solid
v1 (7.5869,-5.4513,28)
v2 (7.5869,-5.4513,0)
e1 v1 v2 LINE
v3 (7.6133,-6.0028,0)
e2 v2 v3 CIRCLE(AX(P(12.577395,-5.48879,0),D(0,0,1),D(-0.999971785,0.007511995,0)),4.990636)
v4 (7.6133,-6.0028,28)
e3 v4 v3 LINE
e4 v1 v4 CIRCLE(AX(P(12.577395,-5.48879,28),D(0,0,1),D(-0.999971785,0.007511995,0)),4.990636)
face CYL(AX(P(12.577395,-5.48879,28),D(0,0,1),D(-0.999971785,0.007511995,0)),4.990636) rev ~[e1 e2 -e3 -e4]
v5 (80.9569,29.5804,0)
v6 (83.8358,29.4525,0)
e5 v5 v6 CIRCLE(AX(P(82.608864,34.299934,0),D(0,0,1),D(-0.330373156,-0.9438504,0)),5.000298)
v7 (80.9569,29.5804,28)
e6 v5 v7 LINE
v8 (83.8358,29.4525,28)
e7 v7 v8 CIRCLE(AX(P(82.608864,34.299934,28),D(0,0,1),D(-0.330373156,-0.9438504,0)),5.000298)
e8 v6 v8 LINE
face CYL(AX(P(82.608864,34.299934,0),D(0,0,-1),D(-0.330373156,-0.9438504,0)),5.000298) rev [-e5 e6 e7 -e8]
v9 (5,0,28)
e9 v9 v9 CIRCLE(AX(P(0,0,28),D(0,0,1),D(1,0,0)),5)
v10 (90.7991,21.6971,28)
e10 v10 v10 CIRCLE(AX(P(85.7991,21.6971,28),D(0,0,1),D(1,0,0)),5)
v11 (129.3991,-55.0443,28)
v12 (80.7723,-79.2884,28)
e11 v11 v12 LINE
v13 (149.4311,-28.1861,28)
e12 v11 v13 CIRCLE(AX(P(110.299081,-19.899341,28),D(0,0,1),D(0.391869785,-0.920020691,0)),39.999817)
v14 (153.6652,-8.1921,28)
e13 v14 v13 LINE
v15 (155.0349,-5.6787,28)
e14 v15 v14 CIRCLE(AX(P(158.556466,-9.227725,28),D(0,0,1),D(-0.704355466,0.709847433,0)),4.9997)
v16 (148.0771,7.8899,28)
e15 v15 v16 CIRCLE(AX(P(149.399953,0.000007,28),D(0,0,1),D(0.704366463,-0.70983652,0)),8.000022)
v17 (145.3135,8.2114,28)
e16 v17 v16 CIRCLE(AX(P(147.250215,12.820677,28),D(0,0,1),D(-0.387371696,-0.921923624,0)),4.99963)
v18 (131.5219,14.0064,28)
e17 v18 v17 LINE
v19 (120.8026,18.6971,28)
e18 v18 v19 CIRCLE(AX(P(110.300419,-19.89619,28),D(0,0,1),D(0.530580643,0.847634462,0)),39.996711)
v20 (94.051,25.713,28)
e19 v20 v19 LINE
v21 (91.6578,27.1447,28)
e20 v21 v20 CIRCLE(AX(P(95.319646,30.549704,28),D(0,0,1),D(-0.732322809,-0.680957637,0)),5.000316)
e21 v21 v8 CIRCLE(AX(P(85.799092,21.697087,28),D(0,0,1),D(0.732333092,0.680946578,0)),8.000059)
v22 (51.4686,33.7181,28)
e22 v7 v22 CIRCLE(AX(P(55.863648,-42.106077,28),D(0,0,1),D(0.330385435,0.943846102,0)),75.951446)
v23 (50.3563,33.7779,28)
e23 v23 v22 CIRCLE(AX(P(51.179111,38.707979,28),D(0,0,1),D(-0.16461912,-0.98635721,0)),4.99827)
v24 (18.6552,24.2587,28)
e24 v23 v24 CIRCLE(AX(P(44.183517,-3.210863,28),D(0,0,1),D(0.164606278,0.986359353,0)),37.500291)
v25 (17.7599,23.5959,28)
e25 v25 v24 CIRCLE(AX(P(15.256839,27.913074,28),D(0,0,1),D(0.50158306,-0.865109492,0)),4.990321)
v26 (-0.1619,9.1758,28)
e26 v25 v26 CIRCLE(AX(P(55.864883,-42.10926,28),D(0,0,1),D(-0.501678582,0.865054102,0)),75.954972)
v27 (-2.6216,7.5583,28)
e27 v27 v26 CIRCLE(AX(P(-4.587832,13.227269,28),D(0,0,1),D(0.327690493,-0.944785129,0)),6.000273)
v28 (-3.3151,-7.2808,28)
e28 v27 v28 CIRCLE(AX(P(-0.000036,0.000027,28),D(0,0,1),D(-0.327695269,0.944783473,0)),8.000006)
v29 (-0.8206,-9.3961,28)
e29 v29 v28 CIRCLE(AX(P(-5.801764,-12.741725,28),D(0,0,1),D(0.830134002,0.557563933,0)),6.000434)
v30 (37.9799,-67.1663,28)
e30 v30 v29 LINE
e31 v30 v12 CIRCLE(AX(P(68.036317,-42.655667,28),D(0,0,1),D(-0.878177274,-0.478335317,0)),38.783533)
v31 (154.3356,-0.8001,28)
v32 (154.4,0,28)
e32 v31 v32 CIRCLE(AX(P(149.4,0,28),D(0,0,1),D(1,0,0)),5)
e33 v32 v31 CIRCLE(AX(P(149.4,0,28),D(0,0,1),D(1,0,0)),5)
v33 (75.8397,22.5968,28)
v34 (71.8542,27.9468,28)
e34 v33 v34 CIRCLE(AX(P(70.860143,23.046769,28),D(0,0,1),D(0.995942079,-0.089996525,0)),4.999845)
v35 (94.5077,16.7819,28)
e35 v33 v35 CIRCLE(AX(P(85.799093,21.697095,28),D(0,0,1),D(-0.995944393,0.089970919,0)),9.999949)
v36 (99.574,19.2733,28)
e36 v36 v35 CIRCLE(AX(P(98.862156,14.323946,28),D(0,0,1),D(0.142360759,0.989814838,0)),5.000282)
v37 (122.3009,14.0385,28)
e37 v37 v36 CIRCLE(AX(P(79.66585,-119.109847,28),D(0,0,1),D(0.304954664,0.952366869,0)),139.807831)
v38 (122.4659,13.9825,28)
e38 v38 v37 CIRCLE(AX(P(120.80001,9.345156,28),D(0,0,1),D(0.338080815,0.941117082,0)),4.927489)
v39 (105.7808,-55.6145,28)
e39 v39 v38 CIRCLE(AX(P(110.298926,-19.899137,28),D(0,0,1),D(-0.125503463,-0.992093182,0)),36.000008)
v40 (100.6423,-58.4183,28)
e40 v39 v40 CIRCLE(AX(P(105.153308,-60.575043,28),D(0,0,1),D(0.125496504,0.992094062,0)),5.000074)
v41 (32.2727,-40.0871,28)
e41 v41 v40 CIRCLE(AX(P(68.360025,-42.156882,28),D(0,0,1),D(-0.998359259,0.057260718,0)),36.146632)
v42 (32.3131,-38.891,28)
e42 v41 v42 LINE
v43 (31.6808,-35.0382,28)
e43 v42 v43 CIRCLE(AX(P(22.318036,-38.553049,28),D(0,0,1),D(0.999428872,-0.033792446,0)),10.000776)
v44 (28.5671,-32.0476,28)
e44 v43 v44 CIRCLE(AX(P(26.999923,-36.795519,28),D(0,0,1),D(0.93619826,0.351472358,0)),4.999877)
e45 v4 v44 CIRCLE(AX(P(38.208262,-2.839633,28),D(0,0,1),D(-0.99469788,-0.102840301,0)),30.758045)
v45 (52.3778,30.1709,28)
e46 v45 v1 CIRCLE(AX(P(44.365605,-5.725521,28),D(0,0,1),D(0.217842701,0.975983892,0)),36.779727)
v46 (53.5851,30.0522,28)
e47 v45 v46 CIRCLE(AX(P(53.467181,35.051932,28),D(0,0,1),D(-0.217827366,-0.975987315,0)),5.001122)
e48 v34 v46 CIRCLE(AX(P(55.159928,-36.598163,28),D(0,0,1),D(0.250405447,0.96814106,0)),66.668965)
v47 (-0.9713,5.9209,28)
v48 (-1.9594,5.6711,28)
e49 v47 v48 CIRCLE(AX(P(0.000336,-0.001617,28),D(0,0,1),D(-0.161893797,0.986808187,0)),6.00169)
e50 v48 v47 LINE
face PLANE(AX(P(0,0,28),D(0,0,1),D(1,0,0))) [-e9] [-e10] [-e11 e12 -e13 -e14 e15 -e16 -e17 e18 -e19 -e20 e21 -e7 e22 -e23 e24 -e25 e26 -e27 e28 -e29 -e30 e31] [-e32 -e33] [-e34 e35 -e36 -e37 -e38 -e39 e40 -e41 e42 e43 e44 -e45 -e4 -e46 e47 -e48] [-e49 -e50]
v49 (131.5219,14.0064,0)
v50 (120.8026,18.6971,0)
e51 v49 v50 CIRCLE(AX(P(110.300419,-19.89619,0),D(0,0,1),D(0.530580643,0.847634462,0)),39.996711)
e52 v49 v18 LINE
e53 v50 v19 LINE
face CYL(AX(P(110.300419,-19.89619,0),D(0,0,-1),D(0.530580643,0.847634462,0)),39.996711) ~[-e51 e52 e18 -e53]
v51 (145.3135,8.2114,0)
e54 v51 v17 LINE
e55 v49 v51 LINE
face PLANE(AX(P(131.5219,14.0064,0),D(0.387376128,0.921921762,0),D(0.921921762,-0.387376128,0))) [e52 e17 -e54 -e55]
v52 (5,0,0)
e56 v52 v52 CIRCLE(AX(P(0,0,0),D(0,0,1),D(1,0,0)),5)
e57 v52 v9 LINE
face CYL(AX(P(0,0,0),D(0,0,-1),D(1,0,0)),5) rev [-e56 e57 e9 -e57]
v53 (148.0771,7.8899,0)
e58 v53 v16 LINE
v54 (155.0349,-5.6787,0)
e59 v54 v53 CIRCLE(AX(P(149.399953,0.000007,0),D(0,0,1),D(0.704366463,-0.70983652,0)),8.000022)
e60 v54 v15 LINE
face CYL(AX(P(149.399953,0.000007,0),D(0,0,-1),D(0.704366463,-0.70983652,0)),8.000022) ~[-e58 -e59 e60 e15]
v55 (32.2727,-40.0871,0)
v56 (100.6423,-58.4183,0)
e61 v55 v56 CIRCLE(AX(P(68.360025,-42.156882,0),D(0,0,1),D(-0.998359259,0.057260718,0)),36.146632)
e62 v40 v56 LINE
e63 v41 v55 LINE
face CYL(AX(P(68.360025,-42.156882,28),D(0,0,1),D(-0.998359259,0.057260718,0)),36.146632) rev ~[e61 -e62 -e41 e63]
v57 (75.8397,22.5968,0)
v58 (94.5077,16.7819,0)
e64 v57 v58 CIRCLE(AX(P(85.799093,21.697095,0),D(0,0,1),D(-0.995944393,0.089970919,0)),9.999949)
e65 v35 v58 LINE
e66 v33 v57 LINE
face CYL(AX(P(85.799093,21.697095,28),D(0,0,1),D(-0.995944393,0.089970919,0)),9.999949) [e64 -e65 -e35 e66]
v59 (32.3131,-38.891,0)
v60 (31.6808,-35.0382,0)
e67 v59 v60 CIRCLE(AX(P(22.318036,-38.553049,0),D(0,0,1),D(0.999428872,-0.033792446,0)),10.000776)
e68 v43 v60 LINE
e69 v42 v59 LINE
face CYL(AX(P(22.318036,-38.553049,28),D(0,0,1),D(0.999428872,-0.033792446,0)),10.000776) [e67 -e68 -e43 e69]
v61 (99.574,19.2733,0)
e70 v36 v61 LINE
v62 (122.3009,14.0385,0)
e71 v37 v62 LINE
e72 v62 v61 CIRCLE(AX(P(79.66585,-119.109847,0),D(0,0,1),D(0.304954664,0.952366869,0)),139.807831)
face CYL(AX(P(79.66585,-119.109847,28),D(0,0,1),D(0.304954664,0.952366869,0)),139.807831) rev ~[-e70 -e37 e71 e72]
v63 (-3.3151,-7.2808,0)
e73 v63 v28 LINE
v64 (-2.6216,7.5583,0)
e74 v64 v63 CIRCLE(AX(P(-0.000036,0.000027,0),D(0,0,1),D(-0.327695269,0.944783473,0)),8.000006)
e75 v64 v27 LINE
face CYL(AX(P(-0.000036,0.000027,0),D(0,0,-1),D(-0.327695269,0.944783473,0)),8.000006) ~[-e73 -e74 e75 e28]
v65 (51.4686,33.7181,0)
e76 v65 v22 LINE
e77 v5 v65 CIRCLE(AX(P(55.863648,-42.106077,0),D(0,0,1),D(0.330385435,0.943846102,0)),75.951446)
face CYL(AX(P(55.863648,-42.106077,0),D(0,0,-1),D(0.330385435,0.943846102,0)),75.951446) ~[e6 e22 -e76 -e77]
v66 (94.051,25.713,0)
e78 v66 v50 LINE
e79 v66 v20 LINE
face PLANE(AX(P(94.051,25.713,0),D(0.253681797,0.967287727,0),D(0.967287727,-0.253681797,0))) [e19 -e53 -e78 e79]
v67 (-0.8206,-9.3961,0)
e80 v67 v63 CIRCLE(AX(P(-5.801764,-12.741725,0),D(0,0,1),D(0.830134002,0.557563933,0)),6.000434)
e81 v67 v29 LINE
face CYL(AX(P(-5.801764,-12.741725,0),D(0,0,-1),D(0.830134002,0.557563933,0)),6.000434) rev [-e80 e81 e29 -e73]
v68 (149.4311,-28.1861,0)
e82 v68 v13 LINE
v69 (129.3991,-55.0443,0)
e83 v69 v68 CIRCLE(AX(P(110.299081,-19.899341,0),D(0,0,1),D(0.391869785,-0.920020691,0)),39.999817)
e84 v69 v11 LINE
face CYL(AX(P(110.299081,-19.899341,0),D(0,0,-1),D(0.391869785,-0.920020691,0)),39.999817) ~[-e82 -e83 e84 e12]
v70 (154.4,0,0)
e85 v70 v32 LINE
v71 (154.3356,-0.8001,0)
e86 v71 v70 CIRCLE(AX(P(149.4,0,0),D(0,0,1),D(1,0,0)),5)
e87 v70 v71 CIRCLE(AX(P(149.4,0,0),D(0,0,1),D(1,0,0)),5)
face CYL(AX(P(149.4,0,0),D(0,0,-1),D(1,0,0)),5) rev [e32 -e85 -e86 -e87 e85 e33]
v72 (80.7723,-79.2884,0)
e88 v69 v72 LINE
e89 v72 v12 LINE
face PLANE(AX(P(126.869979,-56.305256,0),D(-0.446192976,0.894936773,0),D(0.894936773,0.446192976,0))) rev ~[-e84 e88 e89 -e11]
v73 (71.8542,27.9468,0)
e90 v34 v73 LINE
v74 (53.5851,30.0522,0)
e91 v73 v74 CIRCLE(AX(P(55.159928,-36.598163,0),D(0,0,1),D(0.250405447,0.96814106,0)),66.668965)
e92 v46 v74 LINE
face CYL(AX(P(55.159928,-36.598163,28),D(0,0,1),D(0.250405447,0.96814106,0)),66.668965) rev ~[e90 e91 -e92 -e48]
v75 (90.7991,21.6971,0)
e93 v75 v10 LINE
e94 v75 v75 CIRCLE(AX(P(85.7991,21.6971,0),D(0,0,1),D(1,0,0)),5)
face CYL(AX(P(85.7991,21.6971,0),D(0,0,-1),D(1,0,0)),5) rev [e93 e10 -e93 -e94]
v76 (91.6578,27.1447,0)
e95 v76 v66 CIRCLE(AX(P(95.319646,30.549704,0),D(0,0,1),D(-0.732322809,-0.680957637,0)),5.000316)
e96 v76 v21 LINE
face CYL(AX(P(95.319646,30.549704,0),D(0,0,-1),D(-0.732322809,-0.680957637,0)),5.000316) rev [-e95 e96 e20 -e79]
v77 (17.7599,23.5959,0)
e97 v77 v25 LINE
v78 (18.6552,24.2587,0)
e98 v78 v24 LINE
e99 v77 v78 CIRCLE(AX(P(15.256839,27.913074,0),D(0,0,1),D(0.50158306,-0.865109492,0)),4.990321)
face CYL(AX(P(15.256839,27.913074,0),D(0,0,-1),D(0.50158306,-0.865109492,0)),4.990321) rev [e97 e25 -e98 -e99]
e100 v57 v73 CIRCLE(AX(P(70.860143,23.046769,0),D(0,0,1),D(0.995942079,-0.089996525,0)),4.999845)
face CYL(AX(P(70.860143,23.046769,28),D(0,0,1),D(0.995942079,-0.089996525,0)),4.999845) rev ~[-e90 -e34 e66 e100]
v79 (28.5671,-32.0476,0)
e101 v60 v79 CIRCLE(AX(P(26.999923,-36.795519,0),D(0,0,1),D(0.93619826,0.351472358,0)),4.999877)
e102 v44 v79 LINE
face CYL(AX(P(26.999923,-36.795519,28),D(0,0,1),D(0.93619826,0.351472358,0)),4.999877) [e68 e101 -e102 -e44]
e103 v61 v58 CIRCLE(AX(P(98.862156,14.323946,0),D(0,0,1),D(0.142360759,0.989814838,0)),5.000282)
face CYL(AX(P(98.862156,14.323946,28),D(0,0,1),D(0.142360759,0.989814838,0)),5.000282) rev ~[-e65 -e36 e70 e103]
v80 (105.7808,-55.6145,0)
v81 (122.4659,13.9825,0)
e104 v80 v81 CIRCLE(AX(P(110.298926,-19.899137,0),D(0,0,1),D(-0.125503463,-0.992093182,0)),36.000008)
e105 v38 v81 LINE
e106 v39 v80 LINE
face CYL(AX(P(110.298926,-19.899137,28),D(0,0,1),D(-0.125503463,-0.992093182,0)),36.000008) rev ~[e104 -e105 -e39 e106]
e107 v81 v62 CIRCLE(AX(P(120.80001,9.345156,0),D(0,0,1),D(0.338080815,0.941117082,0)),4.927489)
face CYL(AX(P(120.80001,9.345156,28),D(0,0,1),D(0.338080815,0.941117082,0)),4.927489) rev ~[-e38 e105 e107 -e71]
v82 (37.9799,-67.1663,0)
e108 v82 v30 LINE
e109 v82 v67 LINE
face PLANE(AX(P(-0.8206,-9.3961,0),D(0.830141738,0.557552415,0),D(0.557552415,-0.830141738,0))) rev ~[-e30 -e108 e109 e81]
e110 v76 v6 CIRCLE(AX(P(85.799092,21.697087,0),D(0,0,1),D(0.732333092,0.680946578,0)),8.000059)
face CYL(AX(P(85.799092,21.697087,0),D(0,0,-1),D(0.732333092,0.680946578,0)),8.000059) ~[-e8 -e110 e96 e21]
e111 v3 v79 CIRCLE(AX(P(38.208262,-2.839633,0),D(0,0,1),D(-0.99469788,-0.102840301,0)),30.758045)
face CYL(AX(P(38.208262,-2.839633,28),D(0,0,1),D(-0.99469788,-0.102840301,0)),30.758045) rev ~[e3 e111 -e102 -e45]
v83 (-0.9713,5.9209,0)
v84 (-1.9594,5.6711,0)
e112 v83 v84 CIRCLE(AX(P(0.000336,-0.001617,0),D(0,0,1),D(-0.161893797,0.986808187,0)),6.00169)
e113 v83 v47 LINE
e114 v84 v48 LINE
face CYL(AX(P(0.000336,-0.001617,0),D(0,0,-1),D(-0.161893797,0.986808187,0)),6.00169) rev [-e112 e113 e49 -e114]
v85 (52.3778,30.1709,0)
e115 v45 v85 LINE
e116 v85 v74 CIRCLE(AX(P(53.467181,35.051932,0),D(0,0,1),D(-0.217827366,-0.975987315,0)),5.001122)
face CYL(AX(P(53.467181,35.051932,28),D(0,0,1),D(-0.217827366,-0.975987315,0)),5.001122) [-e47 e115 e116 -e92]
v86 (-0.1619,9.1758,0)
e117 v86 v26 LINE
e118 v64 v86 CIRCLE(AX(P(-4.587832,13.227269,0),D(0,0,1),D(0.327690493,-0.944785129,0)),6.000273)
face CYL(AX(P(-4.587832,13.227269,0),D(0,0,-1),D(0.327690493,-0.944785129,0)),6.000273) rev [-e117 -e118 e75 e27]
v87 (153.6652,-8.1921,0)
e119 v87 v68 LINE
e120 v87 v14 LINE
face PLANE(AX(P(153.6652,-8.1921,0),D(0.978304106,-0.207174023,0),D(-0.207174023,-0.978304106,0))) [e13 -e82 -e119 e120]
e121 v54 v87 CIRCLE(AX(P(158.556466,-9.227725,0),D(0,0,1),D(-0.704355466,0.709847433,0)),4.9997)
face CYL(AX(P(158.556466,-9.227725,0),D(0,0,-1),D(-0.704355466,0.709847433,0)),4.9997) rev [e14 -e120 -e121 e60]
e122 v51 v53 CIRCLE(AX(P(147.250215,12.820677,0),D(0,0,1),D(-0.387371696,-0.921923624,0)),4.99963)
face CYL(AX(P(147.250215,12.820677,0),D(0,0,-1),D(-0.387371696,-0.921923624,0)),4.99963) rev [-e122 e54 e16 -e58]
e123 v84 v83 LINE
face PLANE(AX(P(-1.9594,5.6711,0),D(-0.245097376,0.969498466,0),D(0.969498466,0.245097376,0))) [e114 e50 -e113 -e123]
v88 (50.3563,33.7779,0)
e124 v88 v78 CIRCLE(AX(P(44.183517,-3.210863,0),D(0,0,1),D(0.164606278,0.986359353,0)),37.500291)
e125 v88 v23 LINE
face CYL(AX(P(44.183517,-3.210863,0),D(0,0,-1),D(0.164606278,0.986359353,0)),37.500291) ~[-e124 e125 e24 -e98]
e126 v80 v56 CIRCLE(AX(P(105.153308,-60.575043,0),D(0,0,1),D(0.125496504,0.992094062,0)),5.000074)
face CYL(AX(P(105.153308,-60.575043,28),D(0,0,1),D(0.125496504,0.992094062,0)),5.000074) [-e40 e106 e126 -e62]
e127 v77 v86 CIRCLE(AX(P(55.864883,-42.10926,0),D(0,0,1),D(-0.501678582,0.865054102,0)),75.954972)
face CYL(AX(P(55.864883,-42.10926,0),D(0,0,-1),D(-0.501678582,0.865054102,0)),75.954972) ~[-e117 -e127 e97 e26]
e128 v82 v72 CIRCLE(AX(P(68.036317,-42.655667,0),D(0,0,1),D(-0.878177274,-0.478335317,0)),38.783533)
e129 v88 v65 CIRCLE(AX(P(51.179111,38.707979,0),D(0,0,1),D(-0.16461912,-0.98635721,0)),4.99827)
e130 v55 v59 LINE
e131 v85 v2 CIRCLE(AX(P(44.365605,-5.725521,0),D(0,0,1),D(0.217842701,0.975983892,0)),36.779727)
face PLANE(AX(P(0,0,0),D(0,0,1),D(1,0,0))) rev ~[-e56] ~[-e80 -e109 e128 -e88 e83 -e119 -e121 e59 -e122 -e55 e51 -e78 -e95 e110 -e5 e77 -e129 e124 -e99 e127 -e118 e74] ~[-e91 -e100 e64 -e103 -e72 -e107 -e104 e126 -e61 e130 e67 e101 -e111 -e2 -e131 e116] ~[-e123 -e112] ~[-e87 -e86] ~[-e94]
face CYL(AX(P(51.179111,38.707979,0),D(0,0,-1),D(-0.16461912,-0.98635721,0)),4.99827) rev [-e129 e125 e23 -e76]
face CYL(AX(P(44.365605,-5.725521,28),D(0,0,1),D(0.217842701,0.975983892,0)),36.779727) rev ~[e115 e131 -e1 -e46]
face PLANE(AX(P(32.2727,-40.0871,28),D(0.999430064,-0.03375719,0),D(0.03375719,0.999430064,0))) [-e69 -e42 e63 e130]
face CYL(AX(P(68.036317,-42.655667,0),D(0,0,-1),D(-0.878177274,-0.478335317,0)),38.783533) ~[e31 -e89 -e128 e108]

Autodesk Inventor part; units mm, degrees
ref_plane "YZ Plane" through (0, 0, 0) normal (1, 0, 0) x (0, 1, 0)
ref_plane "XZ Plane" through (0, 0, 0) normal (0, 1, 0) x (-1, 0, 0)
ref_plane "XY Plane" through (0, 0, 0) normal (0, 0, 1) x (1, 0, 0)
sketch "Sketch1" plane through (0, 0, 0) normal (0, 0, 1) x (1, 0, 0)
  circle A0 centre (0, 0) radius 5
  circle A1 centre (149.4, 0) radius 5
  circle A2 centre (85.7991, 21.6971) radius 5
  circle A3 centre (110.2989, -19.8991) radius 12.5
  arc A4 (154.885, -2.4321) -> (154.9491, -2.282) centre (149.4, 0) ccw
  line L0 (-1.9594, 5.6711) -> (-0.9713, 5.9209)
  line L1 (94.051, 25.713) -> (120.8026, 18.6971)
  arc A5 (131.5219, 14.0064) -> (120.0887, 18.8843) centre (110.2989, -19.8991) ccw
  line L2 (0, 0) -> (4.8474, 1.2258)
  line L3 (80.8741, 20.8344) -> (85.7991, 21.6971)
  arc A6 (125.9738, -56.7) -> (149.4311, -28.1861) centre (110.2989, -19.8991) ccw
  line L4 (80.7723, -79.2884) -> (129.3991, -55.0443)
  line L5 (-0.8206, -9.3961) -> (37.9799, -67.1663)
  arc A7 (90.3858, 23.6876) -> (86.8225, 21.8764) centre (110.2989, -19.8991) ccw
  arc A8 (33.9775, -61.2072) -> (80.7723, -79.2884) centre (68.0362, -42.6558) ccw
  line L6 (131.5219, 14.0064) -> (145.3135, 8.2114)
  line L7 (150.7621, 5.922) -> (151.3594, 5.6711)
  line L8 (154.928, -2.2287) -> (154.885, -2.4321)
  line L9 (153.6652, -8.1921) -> (149.4311, -28.1861)
  arc A9 (154.9491, -2.282) -> (154.3356, -0.8001) centre (110.2989, -19.8991) ccw
  arc A10 (151.6581, 4.4611) -> (150.7621, 5.922) centre (110.2989, -19.8991) ccw
  arc A11 (-0.9713, 5.9209) -> (-1.9594, 5.6711) centre (0, 0) ccw
  arc A12 (-4.6746, 3.7614) -> (-4.9033, 3.458) centre (55.8634, -42.1071) ccw
  arc A13 (-4.6746, 3.7614) -> (-4.9033, 3.458) centre (0, 0) ccw
  arc A14 (50.3563, 33.7779) -> (18.6552, 24.2587) centre (44.1835, -3.2106) ccw
  arc A15 (80.9569, 29.5804) -> (51.4686, 33.7181) centre (55.8634, -42.1071) ccw
  arc A16 (17.7599, 23.5959) -> (-0.1619, 9.1758) centre (55.8634, -42.1071) ccw
  arc A17 (17.7599, 23.5959) -> (18.6552, 24.2587) centre (15.2515, 27.9212) ccw
  arc A18 (50.3563, 33.7779) -> (51.4686, 33.7181) centre (51.1793, 38.7097) ccw
  arc A19 (91.6578, 27.1447) -> (83.8358, 29.4525) centre (85.7991, 21.6971) ccw
  arc A20 (155.0349, -5.6787) -> (148.0771, 7.8899) centre (149.4, 0) ccw
  arc A21 (155.0349, -5.6787) -> (153.6652, -8.1921) centre (158.5567, -9.2279) ccw
  arc A22 (145.3135, 8.2114) -> (148.0771, 7.8899) centre (147.2503, 12.821) ccw
  arc A23 (80.9569, 29.5804) -> (83.8358, 29.4525) centre (82.6088, 34.2996) ccw
  arc A24 (91.6578, 27.1447) -> (94.051, 25.713) centre (95.3194, 30.5494) ccw
  arc A25 (-2.6216, 7.5583) -> (-3.3151, -7.2808) centre (0, 0) ccw
  arc A26 (-0.8206, -9.3961) -> (-3.3151, -7.2808) centre (-5.8014, -12.7414) ccw
  arc A27 (-2.6216, 7.5583) -> (-0.1619, 9.1758) centre (-4.5877, 13.227) ccw
  point P0 (90.8386, 26.5555)
  point P1 (111.3369, -59.8857)
  point P2 (-4.37, -4.1113)
  point P3 (148.3758, 6.9247)
  point P4 (154.3524, -4.9471)
  point P5 (92.4582, 26.1307)
  point P6 (146.8277, 7.5752)
  point P7 (154.0164, -6.5337)
  point P8 (-1.9144, -7.7676)
  dimension "d3" = 10
  dimension "d5" = 10
  dimension "d15" = 10
  dimension "d18" = 25
  dimension "d20" = 12
  dimension "d104" = 75
  dimension "d105" = 5
  dimension "d112" = 16
  dimension "d113" = 16
  dimension "d114" = 5
  dimension "d115" = 16
  dimension "d116" = 6
extrude "Extrusion2" add sketch "Sketch1" along normal blind 28 contours A9 A4 L8 | L1 A5 L6 A22 A20 A21 L9 A6 L4 A8 L5 A26 A25 A27 A16 A17 A14 A18 A15 A23 A19 A24 | A12 A13
sketch "Sketch13" plane through (0, 0, 28) normal (0, 0, 1) x (1, 0, 0)
  arc A0 (105.7808, -55.6145) -> (122.4659, 13.9825) centre (110.2989, -19.8991) ccw
  line L0 (32.2727, -40.0871) -> (32.3131, -38.891)
  circle A1 centre (85.7991, 21.6971) radius 5 projected
  arc A2 (122.3009, 14.0385) -> (99.574, 19.2733) centre (79.666, -119.1093) ccw
  arc A3 (75.8397, 22.5968) -> (71.8542, 27.9468) centre (70.8599, 23.0467) ccw
  arc A4 (99.574, 19.2733) -> (94.5077, 16.7819) centre (98.8621, 14.3243) ccw
  arc A5 (105.7808, -55.6145) -> (100.6423, -58.4183) centre (105.1533, -60.575) ccw
  arc A6 (32.3131, -38.891) -> (31.6808, -35.0382) centre (22.3188, -38.553) ccw
  arc A7 (71.8542, 27.9468) -> (53.5851, 30.0522) centre (55.1602, -36.5967) ccw
  arc A8 (45.4586, 29.4346) -> (46.2799, 29.4767) centre (45.6139, 34.4322) ccw
  arc A9 (122.4659, 13.9825) -> (122.3009, 14.0385) centre (120.7761, 9.2767) ccw
  arc A10 (32.2727, -40.0871) -> (100.6423, -58.4183) centre (68.36, -42.1569) ccw
  arc A11 (75.8397, 22.5968) -> (94.5077, 16.7819) centre (85.7991, 21.6971) ccw
  arc A12 (21.1272, 20.7085) -> (21.4488, 20.9624) centre (18.1914, 24.7558) ccw
  arc A13 (52.3778, 30.1709) -> (7.5869, -5.4513) centre (44.3656, -5.7255) ccw
  arc A14 (7.6133, -6.0028) -> (28.5671, -32.0476) centre (38.2081, -2.8397) ccw
  arc A15 (26.215, -29.3432) -> (26.5512, -29.4928) centre (38.2081, -2.8397) ccw
  arc A16 (52.3778, 30.1709) -> (53.5851, 30.0522) centre (53.467, 35.0508) ccw
  arc A17 (7.5869, -5.4513) -> (7.6133, -6.0028) centre (12.5868, -5.4886) ccw
  arc A18 (31.6808, -35.0382) -> (28.5671, -32.0476) centre (26.9998, -36.7956) ccw
  point P0 (0, 0)
  point P1 (44.2138, -2.45)
  point P2 (68.1634, -42.8903)
  point P3 (32.5739, -31.1818)
  dimension "d97" = 5
  dimension "d99" = 10
  dimension "d106" = 5
  dimension "d107" = 5
  dimension "d108" = 5
  dimension "d111" = 5
extrude "Extrusion18" cut sketch "Sketch13" against normal blind 30 contours A5 A10 L0 A6 A18 A14 A17 A13 A16 A7 A3 A11 A4 A2 A9 A0
properties part number "body gauche"
